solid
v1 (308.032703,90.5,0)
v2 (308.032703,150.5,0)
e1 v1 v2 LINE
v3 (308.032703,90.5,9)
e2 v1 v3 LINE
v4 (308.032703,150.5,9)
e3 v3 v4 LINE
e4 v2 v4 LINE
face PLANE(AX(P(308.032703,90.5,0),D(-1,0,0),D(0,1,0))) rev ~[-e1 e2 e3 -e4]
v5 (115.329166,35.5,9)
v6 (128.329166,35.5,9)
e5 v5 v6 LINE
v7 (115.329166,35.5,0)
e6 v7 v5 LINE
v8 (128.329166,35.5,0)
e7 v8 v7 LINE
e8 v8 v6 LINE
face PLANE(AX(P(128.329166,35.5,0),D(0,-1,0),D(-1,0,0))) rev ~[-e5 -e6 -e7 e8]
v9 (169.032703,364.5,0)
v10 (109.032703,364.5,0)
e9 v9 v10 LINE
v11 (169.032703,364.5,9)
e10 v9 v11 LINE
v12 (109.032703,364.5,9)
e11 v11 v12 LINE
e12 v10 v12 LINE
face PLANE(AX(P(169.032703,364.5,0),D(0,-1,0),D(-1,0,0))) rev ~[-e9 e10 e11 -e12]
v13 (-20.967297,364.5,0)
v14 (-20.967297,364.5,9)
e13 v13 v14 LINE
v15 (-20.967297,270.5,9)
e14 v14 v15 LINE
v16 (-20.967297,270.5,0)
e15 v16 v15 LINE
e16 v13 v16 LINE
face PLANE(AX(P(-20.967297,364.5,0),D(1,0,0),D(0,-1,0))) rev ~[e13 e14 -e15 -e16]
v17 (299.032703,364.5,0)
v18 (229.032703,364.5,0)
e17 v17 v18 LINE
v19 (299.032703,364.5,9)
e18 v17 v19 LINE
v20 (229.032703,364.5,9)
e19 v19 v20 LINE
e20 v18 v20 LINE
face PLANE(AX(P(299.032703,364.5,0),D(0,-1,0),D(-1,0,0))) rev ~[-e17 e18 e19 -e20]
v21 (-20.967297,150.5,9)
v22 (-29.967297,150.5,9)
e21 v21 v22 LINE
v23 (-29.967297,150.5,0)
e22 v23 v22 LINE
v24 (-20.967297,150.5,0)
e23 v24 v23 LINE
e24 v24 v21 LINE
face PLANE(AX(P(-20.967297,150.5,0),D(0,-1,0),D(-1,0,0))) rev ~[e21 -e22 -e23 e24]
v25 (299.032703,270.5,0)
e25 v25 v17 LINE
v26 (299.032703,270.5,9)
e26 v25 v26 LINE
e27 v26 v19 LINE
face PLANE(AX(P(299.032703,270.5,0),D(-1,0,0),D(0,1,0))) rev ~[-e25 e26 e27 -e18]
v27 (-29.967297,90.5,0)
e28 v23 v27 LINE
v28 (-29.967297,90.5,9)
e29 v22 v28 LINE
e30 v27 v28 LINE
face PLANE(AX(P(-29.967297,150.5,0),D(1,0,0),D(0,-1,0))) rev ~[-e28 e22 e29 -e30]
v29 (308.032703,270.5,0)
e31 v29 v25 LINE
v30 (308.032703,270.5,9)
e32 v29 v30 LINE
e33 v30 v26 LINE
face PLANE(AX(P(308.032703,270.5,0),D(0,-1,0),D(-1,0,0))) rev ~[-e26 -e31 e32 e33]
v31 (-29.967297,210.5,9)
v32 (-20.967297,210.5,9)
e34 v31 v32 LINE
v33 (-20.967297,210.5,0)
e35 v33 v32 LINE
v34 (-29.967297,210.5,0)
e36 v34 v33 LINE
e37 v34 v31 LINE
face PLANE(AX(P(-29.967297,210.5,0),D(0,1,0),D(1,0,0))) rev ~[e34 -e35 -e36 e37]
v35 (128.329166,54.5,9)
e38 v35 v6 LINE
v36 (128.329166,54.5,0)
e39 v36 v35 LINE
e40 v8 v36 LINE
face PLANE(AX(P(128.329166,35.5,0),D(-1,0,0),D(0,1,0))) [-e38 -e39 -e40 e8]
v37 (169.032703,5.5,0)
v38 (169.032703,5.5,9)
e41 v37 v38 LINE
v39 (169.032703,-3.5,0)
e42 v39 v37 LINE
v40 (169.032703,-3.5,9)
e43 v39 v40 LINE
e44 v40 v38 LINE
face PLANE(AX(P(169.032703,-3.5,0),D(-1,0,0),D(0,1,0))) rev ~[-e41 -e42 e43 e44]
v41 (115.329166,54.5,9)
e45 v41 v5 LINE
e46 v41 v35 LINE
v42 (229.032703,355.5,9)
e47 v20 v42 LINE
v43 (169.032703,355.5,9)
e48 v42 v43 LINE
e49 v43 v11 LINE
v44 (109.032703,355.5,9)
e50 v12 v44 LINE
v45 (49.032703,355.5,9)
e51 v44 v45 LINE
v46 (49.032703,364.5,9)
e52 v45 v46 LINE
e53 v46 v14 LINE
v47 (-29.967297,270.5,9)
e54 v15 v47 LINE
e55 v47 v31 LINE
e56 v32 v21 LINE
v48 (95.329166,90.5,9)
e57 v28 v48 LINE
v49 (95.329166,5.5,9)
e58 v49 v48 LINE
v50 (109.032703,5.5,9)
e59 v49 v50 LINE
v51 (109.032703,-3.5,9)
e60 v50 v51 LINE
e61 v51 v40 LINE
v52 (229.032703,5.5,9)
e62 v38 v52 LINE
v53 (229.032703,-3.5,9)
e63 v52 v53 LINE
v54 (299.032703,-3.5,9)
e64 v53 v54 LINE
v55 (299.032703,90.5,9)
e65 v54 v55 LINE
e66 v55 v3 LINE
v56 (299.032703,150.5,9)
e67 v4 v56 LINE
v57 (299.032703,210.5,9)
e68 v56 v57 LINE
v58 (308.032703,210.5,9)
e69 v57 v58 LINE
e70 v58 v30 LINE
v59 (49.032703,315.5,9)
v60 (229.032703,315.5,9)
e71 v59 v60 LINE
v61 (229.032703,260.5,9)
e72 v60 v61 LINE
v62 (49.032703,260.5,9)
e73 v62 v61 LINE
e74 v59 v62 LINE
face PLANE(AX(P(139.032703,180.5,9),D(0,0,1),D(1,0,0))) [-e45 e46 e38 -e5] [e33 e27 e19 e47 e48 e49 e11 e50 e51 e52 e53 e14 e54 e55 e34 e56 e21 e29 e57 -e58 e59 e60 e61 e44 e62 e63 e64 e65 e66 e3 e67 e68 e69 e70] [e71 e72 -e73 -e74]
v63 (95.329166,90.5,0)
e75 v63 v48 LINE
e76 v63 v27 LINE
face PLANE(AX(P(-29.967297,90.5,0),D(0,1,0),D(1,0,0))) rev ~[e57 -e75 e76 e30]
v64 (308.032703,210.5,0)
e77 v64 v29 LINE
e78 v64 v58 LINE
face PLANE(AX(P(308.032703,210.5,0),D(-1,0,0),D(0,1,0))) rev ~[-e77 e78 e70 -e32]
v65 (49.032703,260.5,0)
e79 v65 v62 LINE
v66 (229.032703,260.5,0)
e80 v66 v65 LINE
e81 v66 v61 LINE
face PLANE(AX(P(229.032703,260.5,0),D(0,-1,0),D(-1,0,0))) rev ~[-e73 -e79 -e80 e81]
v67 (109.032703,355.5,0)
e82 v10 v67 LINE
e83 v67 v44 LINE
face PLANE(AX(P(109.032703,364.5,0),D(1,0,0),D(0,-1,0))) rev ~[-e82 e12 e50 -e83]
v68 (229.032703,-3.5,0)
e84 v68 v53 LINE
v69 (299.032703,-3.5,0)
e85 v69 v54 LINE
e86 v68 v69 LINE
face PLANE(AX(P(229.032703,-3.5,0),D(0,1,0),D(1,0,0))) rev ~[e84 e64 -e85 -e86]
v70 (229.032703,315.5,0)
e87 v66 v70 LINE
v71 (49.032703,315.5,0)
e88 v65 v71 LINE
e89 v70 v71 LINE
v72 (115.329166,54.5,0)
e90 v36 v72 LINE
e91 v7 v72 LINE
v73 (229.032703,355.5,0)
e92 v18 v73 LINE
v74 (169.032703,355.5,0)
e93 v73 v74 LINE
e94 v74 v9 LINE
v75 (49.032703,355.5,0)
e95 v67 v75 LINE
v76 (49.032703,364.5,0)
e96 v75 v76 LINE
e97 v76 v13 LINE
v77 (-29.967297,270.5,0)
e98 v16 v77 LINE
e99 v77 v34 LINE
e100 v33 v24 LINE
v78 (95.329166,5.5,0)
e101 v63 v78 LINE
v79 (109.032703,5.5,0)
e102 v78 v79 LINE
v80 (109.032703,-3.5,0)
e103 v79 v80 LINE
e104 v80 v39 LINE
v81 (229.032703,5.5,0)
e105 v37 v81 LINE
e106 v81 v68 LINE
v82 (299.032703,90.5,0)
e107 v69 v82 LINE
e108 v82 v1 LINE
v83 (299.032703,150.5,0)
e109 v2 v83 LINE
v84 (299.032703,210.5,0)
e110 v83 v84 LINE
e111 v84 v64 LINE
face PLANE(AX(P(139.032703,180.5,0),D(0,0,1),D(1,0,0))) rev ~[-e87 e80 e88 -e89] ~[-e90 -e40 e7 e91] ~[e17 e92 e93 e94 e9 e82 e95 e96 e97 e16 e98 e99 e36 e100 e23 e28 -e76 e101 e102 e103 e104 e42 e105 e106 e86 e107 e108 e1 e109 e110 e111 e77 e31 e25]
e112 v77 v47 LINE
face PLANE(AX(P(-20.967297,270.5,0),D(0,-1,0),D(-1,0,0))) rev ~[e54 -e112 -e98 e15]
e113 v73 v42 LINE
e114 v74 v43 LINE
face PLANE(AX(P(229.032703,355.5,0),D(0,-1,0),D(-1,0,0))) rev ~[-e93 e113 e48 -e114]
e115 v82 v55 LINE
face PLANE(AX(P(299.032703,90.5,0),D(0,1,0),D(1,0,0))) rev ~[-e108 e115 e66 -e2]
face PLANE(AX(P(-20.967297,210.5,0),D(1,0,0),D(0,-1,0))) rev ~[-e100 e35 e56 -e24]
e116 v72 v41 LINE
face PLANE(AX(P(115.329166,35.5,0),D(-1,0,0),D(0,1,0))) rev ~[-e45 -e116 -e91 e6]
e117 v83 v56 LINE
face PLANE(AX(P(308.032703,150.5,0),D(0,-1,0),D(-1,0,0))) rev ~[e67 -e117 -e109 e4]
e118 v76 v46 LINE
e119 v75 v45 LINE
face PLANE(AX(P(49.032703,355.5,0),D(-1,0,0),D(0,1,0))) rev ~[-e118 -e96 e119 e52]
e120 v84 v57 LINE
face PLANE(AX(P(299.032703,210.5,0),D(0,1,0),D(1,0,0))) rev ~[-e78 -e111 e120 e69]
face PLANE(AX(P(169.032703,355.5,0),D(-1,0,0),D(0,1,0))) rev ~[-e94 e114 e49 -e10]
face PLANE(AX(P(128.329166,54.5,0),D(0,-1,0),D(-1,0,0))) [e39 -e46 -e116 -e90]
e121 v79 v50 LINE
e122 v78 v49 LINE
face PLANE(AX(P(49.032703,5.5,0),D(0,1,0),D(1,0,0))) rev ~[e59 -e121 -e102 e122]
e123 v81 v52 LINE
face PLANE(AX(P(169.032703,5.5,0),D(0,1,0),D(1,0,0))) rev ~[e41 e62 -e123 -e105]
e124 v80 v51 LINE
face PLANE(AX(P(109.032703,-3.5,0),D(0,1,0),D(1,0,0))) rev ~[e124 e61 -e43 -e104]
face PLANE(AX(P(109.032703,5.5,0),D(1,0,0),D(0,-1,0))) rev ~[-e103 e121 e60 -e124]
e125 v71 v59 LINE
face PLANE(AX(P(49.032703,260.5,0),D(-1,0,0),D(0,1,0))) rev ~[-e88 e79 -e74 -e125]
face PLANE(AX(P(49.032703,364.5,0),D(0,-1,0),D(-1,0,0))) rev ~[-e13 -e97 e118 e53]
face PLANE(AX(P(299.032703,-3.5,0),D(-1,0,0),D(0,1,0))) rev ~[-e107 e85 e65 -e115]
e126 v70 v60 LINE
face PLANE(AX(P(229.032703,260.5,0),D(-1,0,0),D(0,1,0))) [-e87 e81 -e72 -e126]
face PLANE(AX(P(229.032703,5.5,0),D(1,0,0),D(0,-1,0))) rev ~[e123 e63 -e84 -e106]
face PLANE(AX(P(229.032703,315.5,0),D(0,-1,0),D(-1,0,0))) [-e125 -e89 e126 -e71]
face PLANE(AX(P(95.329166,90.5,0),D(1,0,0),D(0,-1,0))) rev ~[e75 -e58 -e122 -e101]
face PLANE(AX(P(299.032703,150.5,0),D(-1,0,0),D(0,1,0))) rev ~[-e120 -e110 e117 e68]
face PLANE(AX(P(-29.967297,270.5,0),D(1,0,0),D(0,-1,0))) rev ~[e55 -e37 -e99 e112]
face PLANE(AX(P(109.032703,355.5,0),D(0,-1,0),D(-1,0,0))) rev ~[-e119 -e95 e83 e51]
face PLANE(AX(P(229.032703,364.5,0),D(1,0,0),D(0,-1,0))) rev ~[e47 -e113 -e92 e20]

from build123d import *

# Parameters (mm, degrees)
BOSS_EXTRUDE1_DEPTH = 9
SKETCH2_W           = 74.887018594
SKETCH2_H           = 25.704308128
CUT_EXTRUDE1_DEPTH  = 10
SKETCH3_W           = 13
SKETCH3_H           = 19
CUT_EXTRUDE2_DEPTH  = 10
SKETCH4_W           = 180
SKETCH4_H           = 55
CUT_EXTRUDE3_DEPTH  = 478.310586352


with BuildPart() as part:
    # Sketch1 → Boss-Extrude1 (new body)
    with BuildSketch(Plane.XY):
        Polygon((169.032702555, 364.5), (109.032702555, 364.5), (109.032702555, 355.5), (49.032702555, 355.5), (49.032702555, 364.5), (-20.967297445, 364.5), (-20.967297445, 270.5), (-29.967297445, 270.5), (-29.967297445, 210.5), (-20.967297445, 210.5), (-20.967297445, 150.5), (-29.967297445, 150.5), (-29.967297445, 90.5), (-20.967297445, 90.5), (-20.967297445, -3.5), (49.032702555, -3.5), (49.032702555, 5.5), (109.032702555, 5.5), (109.032702555, -3.5), (169.032702555, -3.5), (169.032702555, 5.5), (229.032702555, 5.5), (229.032702555, -3.5), (299.032702555, -3.5), (299.032702555, 90.5), (308.032702555, 90.5), (308.032702555, 150.5), (299.032702555, 150.5), (299.032702555, 210.5), (308.032702555, 210.5), (308.032702555, 270.5), (299.032702555, 270.5), (299.032702555, 364.5), (229.032702555, 364.5), (229.032702555, 355.5), (169.032702555, 355.5), align=None)
    extrude(amount=BOSS_EXTRUDE1_DEPTH)

    # Sketch2 → Cut-Extrude1 (cut)
    with BuildSketch(Plane(origin=(0, 0, 0), x_dir=(-1, 0, 0), z_dir=(0, 0, -1))):
        Polygon((20.967297445, 90.5), (-95.329165796, 90.5), (-95.329165796, 5.5), (9.317508813, 5.5), (29.967297445, 5.5), (29.967297445, 90.5), align=None)
        with Locations((-14.280157362, -7.352154064)):
            Rectangle(SKETCH2_W, SKETCH2_H)
    extrude(amount=-CUT_EXTRUDE1_DEPTH, mode=Mode.SUBTRACT)

    # Sketch3 → Cut-Extrude2 (cut)
    with BuildSketch(Plane(origin=(0, 0, 0), x_dir=(-1, 0, 0), z_dir=(0, 0, -1))):
        with Locations((-121.829165796, 45)):
            Rectangle(SKETCH3_W, SKETCH3_H)
    extrude(amount=-CUT_EXTRUDE2_DEPTH, mode=Mode.SUBTRACT)

    # Sketch4 → Cut-Extrude3 (cut, through all)
    with BuildSketch(Plane(origin=(0, 0, 0), x_dir=(-1, 0, 0), z_dir=(0, 0, -1))):
        with Locations((-139.032702555, 288)):
            Rectangle(SKETCH4_W, SKETCH4_H)
    extrude(amount=-CUT_EXTRUDE3_DEPTH, mode=Mode.SUBTRACT)


solid = part.part
